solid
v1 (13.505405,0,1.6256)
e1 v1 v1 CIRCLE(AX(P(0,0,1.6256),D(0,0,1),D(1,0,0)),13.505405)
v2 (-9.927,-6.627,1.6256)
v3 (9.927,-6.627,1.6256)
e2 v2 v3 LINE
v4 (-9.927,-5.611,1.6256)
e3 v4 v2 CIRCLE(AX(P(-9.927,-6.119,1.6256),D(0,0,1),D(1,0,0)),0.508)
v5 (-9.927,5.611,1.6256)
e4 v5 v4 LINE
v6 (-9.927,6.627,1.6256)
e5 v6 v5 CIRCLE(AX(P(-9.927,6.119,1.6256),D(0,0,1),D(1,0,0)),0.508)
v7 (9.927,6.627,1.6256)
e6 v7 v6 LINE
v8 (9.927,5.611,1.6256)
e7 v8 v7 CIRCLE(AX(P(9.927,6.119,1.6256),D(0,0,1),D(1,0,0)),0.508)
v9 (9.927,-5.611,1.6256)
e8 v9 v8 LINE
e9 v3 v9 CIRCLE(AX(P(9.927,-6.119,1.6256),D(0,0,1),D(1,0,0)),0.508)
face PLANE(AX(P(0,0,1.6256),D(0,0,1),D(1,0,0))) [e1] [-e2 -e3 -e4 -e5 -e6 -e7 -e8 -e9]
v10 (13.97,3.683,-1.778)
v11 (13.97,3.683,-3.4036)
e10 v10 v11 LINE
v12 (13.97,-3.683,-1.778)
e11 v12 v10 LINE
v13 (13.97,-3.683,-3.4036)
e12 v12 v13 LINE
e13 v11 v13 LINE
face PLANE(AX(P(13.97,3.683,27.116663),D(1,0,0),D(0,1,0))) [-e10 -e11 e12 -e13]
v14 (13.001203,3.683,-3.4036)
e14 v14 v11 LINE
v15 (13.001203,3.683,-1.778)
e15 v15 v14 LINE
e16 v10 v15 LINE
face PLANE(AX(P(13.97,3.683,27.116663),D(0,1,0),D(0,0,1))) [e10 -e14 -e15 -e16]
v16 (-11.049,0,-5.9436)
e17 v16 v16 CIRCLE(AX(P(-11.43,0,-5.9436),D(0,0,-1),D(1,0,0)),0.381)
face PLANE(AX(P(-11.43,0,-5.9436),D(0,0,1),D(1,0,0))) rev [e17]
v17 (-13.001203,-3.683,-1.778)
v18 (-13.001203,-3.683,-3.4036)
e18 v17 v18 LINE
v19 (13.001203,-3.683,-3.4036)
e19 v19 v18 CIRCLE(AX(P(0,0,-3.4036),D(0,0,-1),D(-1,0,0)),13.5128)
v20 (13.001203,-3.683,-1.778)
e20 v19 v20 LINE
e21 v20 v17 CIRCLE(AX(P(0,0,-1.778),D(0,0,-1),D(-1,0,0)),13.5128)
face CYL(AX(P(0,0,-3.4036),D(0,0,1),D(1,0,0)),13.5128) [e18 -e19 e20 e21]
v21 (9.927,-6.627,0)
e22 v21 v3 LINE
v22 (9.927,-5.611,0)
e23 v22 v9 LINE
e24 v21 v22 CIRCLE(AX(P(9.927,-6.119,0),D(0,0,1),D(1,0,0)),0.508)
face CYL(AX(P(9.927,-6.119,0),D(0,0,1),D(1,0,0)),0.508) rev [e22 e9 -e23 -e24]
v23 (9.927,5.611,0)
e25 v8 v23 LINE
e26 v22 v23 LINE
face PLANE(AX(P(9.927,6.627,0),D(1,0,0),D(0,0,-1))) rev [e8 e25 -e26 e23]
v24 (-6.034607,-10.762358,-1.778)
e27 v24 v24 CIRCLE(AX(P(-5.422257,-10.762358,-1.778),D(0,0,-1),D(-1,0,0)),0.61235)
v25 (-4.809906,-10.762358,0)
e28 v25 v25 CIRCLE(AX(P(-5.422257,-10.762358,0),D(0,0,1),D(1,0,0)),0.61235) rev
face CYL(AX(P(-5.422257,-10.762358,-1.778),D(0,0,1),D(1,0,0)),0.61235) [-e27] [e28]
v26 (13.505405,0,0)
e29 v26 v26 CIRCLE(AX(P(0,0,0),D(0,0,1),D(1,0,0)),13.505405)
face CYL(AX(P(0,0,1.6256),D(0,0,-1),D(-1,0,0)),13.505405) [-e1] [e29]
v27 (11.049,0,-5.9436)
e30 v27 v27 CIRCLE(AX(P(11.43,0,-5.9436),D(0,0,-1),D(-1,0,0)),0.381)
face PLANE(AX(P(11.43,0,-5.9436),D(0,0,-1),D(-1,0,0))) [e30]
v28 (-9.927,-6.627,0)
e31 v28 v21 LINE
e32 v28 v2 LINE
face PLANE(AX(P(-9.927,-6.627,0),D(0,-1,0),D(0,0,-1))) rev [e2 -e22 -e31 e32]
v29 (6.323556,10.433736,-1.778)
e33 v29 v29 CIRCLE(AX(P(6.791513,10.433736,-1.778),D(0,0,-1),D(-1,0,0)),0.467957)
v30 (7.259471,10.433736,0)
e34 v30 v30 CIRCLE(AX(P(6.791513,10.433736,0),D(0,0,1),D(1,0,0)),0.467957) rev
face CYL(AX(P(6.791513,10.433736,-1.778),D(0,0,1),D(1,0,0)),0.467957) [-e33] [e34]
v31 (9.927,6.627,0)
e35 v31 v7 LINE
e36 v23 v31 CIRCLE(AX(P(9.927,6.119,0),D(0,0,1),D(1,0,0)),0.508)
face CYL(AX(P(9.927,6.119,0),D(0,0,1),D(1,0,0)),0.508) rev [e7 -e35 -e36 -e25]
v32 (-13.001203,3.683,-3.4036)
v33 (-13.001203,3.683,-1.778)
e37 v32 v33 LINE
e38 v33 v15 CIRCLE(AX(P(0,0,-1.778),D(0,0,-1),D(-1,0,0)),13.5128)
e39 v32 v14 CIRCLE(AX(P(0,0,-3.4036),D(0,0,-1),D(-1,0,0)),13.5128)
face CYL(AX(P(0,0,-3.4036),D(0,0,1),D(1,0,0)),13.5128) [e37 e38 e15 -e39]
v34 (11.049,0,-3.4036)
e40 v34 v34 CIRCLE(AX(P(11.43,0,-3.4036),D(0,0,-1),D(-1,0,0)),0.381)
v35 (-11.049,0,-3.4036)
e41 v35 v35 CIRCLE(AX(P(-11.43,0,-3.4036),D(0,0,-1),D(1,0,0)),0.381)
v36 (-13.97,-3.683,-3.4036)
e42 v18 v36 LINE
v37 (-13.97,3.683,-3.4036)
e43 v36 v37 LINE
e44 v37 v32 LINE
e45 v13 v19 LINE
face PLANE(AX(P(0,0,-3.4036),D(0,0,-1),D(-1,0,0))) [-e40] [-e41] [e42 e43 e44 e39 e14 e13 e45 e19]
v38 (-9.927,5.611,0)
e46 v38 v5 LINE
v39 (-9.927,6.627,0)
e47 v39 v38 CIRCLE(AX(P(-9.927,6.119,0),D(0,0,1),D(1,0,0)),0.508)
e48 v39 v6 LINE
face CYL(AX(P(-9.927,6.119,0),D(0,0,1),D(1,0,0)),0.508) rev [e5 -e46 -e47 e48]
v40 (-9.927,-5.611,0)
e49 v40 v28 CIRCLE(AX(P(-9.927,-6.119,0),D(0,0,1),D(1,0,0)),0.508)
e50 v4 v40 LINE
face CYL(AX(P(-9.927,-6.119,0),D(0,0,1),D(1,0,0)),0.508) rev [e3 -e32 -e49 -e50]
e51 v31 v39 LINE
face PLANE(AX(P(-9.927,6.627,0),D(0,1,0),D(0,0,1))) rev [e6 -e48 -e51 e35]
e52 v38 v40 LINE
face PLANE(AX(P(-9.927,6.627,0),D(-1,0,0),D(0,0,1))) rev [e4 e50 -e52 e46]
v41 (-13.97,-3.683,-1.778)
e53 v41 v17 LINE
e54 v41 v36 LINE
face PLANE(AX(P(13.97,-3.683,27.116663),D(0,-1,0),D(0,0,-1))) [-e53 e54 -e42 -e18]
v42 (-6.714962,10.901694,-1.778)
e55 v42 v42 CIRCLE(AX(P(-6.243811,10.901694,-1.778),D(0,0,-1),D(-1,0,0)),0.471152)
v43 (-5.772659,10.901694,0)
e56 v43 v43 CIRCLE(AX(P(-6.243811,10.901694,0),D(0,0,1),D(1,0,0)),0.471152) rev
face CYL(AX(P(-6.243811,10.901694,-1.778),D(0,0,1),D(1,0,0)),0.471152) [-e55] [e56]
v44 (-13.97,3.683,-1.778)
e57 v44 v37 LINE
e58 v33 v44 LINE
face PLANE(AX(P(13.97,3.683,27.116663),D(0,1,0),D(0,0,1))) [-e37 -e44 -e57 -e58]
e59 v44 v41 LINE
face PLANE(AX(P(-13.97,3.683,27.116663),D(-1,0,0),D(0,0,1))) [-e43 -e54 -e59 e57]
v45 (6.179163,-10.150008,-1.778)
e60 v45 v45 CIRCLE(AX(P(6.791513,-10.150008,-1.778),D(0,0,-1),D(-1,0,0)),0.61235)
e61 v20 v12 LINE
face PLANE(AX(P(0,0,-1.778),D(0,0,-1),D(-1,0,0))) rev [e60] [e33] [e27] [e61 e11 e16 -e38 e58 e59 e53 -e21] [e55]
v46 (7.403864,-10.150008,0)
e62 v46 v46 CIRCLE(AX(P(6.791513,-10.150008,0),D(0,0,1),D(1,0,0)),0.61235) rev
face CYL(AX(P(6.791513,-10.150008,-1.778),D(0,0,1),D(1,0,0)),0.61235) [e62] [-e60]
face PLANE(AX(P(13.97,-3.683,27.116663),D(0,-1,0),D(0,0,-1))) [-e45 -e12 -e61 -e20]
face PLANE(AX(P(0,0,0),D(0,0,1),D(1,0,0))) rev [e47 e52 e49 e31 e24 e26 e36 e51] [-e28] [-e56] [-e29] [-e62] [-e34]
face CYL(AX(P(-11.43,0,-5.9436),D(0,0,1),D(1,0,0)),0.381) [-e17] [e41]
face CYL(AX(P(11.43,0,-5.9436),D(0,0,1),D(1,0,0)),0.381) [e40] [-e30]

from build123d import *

# Parameters (mm, degrees)
SKETCH5_R           = 13.505404748
BOSS_EXTRUDE1_DEPTH = 1.6256
SKETCH6_W           = 19.854
SKETCH6_H           = 13.254
CUT_EXTRUDE1_DEPTH  = 20.168580808
SKETCH7_R           = 0.508
CUT_EXTRUDE2_DEPTH  = 20.168580808
SKETCH9_R           = 0.467957387
SKETCH9_R_2         = 0.471151672
SKETCH9_R_3         = 0.612350227
BOSS_EXTRUDE2_DEPTH = 1.778
SKETCH10_R          = 13.5128
BOSS_EXTRUDE3_DEPTH = 1.6256
SKETCH11_W          = 27.94
SKETCH11_H          = 7.366
BOSS_EXTRUDE4_DEPTH = 1.6256
SKETCH12_R          = 0.381
BOSS_EXTRUDE5_DEPTH = 2.54


with BuildPart() as part:
    # Sketch5 → Boss-Extrude1 (new body)
    with BuildSketch(Plane.XY):
        Circle(SKETCH5_R)
    extrude(amount=BOSS_EXTRUDE1_DEPTH)

    # Sketch6 → Cut-Extrude1 (cut, through all)
    with BuildSketch(Plane.XY.offset(1.6256)):
        Rectangle(SKETCH6_W, SKETCH6_H)
    extrude(amount=-CUT_EXTRUDE1_DEPTH, mode=Mode.SUBTRACT)

    # Sketch7 → Cut-Extrude2 (cut, through all)
    with BuildSketch(Plane.XY.offset(1.6256)):
        with Locations((-9.927, 6.119)):
            Circle(SKETCH7_R)
        with Locations((-9.927, -6.119)):
            Circle(SKETCH7_R)
        with Locations((9.927, -6.119)):
            Circle(SKETCH7_R)
        with Locations((9.927, 6.119)):
            Circle(SKETCH7_R)
    extrude(amount=-CUT_EXTRUDE2_DEPTH, mode=Mode.SUBTRACT)

    # Sketch9 → Boss-Extrude2 (add)
    with BuildSketch(Plane(origin=(0, 0, 0), x_dir=(-1, 0, 0), z_dir=(0, 0, -1))):
        with Locations(Location((-6.791513401, 10.433736314, 0), (0, 0, 180))):
            Circle(SKETCH9_R)
        with Locations(Location((6.243810708, 10.901693701, 0), (0, 0, 180))):
            Circle(SKETCH9_R_2)
        with Locations(Location((5.422256667, -10.76235793, 0), (0, 0, 180))):
            Circle(SKETCH9_R_3)
        with Locations(Location((-6.791513401, -10.150007703, 0), (0, 0, 180))):
            Circle(SKETCH9_R_3)
    extrude(amount=BOSS_EXTRUDE2_DEPTH)

    # Sketch10 → Boss-Extrude3 (add)
    with BuildSketch(Plane(origin=(0, 0, -1.778), x_dir=(-1, 0, 0), z_dir=(0, 0, -1))):
        Circle(SKETCH10_R)
    extrude(amount=BOSS_EXTRUDE3_DEPTH)

    # Sketch11 → Boss-Extrude4 (add)
    with BuildSketch(Plane(origin=(0, 0, -3.4036), x_dir=(-1, 0, 0), z_dir=(0, 0, -1))):
        Rectangle(SKETCH11_W, SKETCH11_H)
    extrude(amount=-BOSS_EXTRUDE4_DEPTH)

    # Sketch12 → Boss-Extrude5 (add)
    with BuildSketch(Plane(origin=(0, 0, -3.4036), x_dir=(-1, 0, 0), z_dir=(0, 0, -1))):
        with Locations((-11.43, 0)):
            Circle(SKETCH12_R)
        with Locations(Location((11.43, 0, 0), (0, 0, 180))):
            Circle(SKETCH12_R)
    extrude(amount=BOSS_EXTRUDE5_DEPTH)


solid = part.part
